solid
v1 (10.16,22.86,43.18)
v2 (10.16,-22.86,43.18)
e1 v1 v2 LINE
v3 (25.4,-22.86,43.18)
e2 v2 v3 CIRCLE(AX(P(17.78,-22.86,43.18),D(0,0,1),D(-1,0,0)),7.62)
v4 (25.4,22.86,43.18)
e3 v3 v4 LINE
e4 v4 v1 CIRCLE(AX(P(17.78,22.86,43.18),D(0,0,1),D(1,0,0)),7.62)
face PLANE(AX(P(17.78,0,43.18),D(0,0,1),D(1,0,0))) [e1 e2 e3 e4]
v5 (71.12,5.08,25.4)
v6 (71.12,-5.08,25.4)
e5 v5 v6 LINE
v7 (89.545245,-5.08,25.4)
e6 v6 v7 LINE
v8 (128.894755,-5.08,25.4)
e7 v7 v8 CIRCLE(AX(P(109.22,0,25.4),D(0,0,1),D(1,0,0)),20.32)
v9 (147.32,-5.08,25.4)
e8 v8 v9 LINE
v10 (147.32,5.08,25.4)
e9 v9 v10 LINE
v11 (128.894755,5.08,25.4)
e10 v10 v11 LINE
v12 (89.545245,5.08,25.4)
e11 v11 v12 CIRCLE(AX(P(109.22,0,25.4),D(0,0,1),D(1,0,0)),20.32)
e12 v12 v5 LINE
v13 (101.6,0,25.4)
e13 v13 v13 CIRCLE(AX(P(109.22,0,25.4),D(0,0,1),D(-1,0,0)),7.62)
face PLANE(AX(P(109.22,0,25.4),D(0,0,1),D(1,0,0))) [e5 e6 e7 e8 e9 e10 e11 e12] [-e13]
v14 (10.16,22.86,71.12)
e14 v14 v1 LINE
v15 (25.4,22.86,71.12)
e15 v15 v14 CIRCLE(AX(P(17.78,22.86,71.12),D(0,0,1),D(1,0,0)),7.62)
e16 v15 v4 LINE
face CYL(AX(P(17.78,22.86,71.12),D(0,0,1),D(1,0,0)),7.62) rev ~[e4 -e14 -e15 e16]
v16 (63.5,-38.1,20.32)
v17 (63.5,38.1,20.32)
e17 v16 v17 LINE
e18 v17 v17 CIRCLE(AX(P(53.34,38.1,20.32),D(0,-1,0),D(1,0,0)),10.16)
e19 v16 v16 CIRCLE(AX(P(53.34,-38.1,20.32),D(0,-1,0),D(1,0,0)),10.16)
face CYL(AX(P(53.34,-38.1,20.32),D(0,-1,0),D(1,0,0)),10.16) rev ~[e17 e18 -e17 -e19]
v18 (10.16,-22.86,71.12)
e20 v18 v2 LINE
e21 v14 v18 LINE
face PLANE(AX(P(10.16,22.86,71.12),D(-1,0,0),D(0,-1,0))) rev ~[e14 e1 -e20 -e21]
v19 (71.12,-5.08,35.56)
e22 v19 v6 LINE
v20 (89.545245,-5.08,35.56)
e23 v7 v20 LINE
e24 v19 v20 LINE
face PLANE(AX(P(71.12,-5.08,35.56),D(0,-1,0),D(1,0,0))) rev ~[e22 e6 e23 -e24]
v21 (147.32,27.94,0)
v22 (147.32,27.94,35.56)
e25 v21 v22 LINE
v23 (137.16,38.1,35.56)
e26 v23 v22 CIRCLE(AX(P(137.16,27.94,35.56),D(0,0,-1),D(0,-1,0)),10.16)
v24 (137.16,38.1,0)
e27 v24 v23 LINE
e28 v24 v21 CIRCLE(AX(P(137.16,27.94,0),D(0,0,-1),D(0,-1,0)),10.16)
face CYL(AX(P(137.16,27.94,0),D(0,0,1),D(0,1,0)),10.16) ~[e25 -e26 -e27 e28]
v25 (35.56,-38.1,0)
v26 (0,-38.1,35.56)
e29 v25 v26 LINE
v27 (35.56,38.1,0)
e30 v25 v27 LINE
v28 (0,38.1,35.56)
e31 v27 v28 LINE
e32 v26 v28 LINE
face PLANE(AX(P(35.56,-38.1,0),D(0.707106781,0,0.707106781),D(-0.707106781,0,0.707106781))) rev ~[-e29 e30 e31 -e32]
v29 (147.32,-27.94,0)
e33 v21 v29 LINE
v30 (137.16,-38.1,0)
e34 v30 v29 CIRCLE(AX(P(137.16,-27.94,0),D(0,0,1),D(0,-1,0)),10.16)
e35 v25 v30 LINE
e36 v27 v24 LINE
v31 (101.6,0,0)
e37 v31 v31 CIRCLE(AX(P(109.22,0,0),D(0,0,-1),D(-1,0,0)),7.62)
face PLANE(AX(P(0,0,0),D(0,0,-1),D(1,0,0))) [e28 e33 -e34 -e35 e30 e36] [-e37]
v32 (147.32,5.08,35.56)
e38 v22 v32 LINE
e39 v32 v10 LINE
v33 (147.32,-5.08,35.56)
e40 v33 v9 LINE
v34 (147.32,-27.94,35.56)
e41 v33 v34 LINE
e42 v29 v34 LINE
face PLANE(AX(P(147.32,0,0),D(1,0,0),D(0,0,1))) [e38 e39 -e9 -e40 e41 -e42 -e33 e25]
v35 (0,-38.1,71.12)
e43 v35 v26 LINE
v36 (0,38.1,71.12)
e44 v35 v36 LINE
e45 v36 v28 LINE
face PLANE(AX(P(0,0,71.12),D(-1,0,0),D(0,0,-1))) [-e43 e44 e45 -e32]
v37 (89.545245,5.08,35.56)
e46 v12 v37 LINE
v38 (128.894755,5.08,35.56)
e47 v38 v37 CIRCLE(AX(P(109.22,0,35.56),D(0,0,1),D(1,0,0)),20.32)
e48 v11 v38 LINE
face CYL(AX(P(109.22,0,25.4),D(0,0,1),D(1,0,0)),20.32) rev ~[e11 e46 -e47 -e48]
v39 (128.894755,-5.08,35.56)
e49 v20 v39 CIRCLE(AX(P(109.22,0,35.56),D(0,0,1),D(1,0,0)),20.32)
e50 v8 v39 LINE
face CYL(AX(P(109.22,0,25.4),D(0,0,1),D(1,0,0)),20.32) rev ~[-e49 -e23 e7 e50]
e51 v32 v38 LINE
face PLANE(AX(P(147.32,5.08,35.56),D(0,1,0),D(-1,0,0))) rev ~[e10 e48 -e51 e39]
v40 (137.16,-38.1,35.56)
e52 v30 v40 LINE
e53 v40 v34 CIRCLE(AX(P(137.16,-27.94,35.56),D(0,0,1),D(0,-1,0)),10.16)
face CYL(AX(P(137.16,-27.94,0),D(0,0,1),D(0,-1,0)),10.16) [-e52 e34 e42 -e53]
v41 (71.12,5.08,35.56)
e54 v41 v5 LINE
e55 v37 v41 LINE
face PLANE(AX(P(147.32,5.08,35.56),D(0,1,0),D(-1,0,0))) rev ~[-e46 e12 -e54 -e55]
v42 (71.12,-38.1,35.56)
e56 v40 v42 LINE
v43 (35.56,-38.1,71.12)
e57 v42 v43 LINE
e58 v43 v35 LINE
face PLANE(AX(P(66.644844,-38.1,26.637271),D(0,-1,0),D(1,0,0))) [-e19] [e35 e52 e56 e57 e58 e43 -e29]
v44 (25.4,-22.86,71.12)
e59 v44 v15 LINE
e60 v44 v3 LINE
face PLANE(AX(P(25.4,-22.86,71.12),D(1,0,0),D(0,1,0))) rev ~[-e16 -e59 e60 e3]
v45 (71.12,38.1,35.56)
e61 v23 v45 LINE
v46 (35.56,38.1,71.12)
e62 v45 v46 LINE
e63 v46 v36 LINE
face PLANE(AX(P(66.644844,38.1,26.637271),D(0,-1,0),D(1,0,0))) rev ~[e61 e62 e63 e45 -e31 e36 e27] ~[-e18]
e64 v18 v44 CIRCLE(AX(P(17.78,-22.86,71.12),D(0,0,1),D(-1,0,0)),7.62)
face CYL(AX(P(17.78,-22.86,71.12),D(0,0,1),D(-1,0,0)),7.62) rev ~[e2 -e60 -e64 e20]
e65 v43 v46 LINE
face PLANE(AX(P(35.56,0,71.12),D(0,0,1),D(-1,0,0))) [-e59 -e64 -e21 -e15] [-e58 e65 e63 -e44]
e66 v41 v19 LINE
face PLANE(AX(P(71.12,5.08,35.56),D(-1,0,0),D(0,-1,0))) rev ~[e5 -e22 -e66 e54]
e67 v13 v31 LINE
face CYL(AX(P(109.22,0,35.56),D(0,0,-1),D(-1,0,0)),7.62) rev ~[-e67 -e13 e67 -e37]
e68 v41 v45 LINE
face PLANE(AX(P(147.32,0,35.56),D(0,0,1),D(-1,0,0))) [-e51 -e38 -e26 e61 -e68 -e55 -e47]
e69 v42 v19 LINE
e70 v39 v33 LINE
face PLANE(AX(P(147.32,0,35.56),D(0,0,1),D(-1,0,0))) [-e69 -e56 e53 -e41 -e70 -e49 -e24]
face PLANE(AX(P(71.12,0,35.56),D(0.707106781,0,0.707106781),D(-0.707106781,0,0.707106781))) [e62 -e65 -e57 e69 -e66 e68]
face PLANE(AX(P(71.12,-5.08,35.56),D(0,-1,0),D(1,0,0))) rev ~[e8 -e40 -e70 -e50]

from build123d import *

# Parameters (mm, degrees)
F1_DEPTH       = 38.1
F3_DEPTH       = 76.201
F4_R           = 10.16
F6_DEPTH       = 27.94
F8_D           = 15.24
F8_CBORE_D     = 40.64
F8_CBORE_DEPTH = 10.16
F10_DEPTH      = 10.16
F11_R          = 10.16
F12_DEPTH      = 76.201


with BuildPart() as f1:
    # F0 (on Front) → F1 (new body, symmetric)
    with BuildSketch(Plane.XZ):
        Polygon((0, 71.12), (0, 0), (147.32, 0), (147.32, 35.56), (71.12, 35.56), (35.56, 71.12), align=None)
    extrude(amount=F1_DEPTH, both=True)

    # F2 (on face) → F3 (cut, through all)
    with BuildSketch(Plane.XZ.offset(38.1)):
        Polygon((0, 35.56), (0, 0), (35.56, 0), align=None)
    extrude(amount=-F3_DEPTH, mode=Mode.SUBTRACT)

    # F4
    f4_edges = [f1.edges().sort_by_distance(p)[0] for p in [
        (147.32, -38.1, 17.78),
        (147.32, 38.1, 17.78),
    ]]
    fillet(f4_edges, radius=F4_R)

    # F5 (on face) → F6 (cut)
    with BuildSketch(Plane.XY.offset(71.12)):
        with BuildLine():
            ThreePointArc((25.4, 22.86), (17.78, 30.48), (10.16, 22.86))
            Line((10.16, 22.86), (10.16, -22.86))
            ThreePointArc((10.16, -22.86), (17.78, -30.48), (25.4, -22.86))
            Line((25.4, -22.86), (25.4, 22.86))
        make_face()
    extrude(amount=-F6_DEPTH, mode=Mode.SUBTRACT)

    # F8 (through all)
    with Locations(Plane.XY.offset(35.56)):
        with Locations((109.22, 0)):
            CounterBoreHole(F8_D / 2, F8_CBORE_D / 2, F8_CBORE_DEPTH)

    # F9 (on face) → F10 (cut)
    with BuildSketch(Plane.XY.offset(35.56)):
        Polygon((71.12, 5.08), (71.12, 0), (71.12, -5.08), (147.32, -5.08), (147.32, 0), (147.32, 5.08), align=None)
    extrude(amount=-F10_DEPTH, mode=Mode.SUBTRACT)

    # F11 (on face) → F12 (cut, through all)
    with BuildSketch(Plane.XZ.offset(38.1)):
        with Locations((53.34, 20.32)):
            Circle(F11_R)
    extrude(amount=-F12_DEPTH, mode=Mode.SUBTRACT)


solid = f1.part
